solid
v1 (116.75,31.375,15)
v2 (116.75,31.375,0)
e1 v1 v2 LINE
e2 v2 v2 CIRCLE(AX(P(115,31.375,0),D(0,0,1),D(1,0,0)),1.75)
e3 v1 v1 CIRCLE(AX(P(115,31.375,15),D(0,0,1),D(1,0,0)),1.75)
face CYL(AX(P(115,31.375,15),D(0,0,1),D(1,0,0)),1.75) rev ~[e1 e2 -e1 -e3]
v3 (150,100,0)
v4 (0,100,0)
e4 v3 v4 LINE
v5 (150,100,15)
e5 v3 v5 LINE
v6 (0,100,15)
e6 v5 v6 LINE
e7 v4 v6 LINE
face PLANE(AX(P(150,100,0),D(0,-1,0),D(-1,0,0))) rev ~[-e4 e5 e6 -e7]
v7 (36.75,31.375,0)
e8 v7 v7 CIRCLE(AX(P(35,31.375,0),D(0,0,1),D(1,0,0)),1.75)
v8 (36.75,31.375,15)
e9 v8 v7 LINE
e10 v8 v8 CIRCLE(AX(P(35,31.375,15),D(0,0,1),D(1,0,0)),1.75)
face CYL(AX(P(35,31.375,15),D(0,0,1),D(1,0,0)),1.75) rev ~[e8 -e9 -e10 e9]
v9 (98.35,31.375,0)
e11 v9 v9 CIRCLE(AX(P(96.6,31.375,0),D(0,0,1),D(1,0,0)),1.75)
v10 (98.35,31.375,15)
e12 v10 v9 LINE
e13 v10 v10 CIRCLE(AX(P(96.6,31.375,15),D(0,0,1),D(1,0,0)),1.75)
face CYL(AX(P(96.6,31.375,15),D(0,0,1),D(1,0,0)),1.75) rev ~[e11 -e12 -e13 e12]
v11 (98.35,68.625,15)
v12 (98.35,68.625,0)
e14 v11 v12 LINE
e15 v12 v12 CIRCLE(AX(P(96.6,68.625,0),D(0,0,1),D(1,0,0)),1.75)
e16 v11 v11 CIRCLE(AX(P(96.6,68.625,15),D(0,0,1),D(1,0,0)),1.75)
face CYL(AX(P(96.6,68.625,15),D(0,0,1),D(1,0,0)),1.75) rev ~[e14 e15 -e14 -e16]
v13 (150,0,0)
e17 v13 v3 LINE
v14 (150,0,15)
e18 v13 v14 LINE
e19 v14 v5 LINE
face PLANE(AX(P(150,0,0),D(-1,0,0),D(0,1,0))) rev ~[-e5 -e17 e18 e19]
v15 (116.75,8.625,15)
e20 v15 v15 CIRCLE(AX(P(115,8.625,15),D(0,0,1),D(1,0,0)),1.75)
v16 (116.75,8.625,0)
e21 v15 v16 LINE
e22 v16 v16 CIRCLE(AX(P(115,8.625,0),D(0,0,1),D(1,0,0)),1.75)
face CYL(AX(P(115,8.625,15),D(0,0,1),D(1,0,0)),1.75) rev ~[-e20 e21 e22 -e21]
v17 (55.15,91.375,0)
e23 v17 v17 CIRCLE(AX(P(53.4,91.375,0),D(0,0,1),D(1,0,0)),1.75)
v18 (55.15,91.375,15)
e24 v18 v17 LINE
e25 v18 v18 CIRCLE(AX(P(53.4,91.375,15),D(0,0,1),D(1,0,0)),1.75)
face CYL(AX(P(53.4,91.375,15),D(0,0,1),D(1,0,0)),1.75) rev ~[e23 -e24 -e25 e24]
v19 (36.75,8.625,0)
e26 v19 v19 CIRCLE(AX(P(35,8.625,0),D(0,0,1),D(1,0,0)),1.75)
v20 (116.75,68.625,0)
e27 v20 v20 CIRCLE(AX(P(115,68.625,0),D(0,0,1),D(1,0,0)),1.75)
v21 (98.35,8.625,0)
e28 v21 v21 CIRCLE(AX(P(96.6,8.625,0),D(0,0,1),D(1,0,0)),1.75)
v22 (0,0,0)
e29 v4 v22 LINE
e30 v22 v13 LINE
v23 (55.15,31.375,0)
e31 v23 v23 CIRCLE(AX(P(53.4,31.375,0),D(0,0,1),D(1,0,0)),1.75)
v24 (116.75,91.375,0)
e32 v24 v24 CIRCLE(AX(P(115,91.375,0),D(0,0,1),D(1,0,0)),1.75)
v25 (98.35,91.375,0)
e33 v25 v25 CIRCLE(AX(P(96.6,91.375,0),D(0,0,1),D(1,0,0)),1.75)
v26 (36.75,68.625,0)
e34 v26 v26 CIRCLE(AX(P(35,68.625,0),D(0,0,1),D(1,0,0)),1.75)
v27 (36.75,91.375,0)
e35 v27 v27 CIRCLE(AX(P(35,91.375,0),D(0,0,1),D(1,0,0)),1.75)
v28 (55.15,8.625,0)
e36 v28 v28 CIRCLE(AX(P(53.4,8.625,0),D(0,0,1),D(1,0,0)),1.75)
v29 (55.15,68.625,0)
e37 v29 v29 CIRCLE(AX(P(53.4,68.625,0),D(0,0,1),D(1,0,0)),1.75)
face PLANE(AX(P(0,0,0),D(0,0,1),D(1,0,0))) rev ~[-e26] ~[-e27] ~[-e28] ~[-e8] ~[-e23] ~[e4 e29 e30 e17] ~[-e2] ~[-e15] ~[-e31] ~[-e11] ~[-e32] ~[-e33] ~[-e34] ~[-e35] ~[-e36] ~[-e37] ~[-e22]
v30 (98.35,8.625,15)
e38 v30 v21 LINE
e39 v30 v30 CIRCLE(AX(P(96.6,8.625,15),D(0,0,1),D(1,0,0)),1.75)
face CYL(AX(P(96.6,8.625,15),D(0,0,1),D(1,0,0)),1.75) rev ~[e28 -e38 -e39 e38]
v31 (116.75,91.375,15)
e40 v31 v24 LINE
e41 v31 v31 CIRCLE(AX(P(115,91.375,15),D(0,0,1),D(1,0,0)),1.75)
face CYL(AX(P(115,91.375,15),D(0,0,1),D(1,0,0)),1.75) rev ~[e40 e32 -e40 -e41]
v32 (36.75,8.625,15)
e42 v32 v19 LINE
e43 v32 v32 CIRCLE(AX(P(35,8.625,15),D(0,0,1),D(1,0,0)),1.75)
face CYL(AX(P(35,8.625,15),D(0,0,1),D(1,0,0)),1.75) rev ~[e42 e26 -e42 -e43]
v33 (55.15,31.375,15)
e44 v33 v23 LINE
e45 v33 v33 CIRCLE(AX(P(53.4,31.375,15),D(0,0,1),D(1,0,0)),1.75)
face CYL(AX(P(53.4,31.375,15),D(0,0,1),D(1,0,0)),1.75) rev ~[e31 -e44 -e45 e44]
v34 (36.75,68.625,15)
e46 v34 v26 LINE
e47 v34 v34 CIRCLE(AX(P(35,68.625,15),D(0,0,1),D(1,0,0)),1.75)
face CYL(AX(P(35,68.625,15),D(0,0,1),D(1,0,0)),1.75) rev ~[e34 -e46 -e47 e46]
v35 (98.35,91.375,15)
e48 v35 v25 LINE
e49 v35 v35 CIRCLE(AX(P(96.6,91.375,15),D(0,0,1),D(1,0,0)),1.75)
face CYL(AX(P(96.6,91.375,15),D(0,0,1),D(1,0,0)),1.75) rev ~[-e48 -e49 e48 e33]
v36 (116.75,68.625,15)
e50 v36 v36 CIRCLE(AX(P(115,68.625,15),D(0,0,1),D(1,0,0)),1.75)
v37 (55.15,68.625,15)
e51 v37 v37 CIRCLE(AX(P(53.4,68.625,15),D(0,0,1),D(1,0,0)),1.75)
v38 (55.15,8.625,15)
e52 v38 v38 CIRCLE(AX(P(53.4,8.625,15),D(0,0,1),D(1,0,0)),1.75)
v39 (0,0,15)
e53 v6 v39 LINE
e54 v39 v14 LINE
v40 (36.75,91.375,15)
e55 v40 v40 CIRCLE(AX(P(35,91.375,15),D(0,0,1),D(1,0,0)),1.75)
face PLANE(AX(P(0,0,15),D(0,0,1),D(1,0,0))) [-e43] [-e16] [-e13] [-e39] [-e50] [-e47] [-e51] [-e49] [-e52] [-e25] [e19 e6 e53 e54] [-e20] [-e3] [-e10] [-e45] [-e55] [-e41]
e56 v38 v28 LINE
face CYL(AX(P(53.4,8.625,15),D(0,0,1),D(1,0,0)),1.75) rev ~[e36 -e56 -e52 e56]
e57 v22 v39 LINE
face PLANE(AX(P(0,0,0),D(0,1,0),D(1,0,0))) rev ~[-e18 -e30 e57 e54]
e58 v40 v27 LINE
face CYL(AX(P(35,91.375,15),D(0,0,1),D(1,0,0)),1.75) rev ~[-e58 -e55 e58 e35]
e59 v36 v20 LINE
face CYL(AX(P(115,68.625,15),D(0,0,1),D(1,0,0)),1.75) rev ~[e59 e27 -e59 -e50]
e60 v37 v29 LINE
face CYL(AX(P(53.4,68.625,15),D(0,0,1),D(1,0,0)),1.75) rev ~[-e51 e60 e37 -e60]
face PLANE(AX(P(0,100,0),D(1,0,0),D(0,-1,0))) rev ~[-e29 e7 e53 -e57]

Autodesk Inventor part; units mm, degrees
ref_plane "YZ Plane" through (0, 0, 0) normal (1, 0, 0) x (0, 1, 0)
ref_plane "XZ Plane" through (0, 0, 0) normal (0, 1, 0) x (-1, 0, 0)
ref_plane "XY Plane" through (0, 0, 0) normal (0, 0, 1) x (1, 0, 0)
sketch "Boceto1" plane through (0, 0, 0) normal (0, 0, 1) x (1, 0, 0)
  line L0 (0, 0) -> (150, 0)
  line L1 (150, 0) -> (150, 100)
  line L2 (150, 100) -> (0, 100)
  line L3 (0, 100) -> (0, 0)
  dimension "d0" = 150
  dimension "d1" = 100
extrude "Extrusión1" add sketch "Boceto1" along normal blind 15
sketch "Boceto2" plane through (0, 0, 15) normal (0, 0, 1) x (1, 0, 0)
  line L0 (0, 100) -> (0, 0) projected
  line L1 (0, 50) -> (150, 50) construction
  line L2 (150, 0) -> (150, 100) projected
  line L3 (35, 50) -> (35, 8.625) construction
  line L4 (35, 31.375) -> (53.4, 31.375) construction
  circle A0 centre (35, 8.625) radius 1.75
  circle A1 centre (35, 31.375) radius 1.75
  circle A2 centre (53.4, 31.375) radius 1.75
  line L5 (35, 8.625) -> (53.4, 8.625) construction
  line L6 (53.4, 8.625) -> (53.4, 31.375) construction
  circle A3 centre (53.4, 8.625) radius 1.75
  line L7 (75, 50) -> (75, -45.8992) construction
  line L8 (115, 31.375) -> (96.6, 31.375) construction
  circle A4 centre (115, 8.625) radius 1.75
  circle A5 centre (115, 31.375) radius 1.75
  circle A6 centre (96.6, 31.375) radius 1.75
  line L9 (115, 8.625) -> (96.6, 8.625) construction
  line L10 (96.6, 8.625) -> (96.6, 31.375) construction
  circle A7 centre (96.6, 8.625) radius 1.75
  line L11 (35, 68.625) -> (53.4, 68.625) construction
  circle A8 centre (35, 91.375) radius 1.75
  circle A9 centre (35, 68.625) radius 1.75
  circle A10 centre (53.4, 68.625) radius 1.75
  line L12 (35, 91.375) -> (53.4, 91.375) construction
  line L13 (53.4, 91.375) -> (53.4, 68.625) construction
  circle A11 centre (53.4, 91.375) radius 1.75
  circle A12 centre (115, 68.625) radius 1.75
  circle A13 centre (115, 91.375) radius 1.75
  line L14 (115, 68.625) -> (96.6, 68.625) construction
  circle A14 centre (96.6, 68.625) radius 1.75
  line L15 (115, 91.375) -> (96.6, 91.375) construction
  line L16 (96.6, 91.375) -> (96.6, 68.625) construction
  circle A15 centre (96.6, 91.375) radius 1.75
  dimension "d4" = 41.375
  dimension "d5" = 18.625
  dimension "d6" = 18.4
  dimension "d7" = 3.5
  dimension "d8" = 3.5
  dimension "d9" = 3.5
  dimension "d10" = 3.5
  dimension "d13" = 40
extrude "Extrusión2" cut sketch "Boceto2" against normal up to surface (15 mm away)
properties part number "011" material "CFRP"
